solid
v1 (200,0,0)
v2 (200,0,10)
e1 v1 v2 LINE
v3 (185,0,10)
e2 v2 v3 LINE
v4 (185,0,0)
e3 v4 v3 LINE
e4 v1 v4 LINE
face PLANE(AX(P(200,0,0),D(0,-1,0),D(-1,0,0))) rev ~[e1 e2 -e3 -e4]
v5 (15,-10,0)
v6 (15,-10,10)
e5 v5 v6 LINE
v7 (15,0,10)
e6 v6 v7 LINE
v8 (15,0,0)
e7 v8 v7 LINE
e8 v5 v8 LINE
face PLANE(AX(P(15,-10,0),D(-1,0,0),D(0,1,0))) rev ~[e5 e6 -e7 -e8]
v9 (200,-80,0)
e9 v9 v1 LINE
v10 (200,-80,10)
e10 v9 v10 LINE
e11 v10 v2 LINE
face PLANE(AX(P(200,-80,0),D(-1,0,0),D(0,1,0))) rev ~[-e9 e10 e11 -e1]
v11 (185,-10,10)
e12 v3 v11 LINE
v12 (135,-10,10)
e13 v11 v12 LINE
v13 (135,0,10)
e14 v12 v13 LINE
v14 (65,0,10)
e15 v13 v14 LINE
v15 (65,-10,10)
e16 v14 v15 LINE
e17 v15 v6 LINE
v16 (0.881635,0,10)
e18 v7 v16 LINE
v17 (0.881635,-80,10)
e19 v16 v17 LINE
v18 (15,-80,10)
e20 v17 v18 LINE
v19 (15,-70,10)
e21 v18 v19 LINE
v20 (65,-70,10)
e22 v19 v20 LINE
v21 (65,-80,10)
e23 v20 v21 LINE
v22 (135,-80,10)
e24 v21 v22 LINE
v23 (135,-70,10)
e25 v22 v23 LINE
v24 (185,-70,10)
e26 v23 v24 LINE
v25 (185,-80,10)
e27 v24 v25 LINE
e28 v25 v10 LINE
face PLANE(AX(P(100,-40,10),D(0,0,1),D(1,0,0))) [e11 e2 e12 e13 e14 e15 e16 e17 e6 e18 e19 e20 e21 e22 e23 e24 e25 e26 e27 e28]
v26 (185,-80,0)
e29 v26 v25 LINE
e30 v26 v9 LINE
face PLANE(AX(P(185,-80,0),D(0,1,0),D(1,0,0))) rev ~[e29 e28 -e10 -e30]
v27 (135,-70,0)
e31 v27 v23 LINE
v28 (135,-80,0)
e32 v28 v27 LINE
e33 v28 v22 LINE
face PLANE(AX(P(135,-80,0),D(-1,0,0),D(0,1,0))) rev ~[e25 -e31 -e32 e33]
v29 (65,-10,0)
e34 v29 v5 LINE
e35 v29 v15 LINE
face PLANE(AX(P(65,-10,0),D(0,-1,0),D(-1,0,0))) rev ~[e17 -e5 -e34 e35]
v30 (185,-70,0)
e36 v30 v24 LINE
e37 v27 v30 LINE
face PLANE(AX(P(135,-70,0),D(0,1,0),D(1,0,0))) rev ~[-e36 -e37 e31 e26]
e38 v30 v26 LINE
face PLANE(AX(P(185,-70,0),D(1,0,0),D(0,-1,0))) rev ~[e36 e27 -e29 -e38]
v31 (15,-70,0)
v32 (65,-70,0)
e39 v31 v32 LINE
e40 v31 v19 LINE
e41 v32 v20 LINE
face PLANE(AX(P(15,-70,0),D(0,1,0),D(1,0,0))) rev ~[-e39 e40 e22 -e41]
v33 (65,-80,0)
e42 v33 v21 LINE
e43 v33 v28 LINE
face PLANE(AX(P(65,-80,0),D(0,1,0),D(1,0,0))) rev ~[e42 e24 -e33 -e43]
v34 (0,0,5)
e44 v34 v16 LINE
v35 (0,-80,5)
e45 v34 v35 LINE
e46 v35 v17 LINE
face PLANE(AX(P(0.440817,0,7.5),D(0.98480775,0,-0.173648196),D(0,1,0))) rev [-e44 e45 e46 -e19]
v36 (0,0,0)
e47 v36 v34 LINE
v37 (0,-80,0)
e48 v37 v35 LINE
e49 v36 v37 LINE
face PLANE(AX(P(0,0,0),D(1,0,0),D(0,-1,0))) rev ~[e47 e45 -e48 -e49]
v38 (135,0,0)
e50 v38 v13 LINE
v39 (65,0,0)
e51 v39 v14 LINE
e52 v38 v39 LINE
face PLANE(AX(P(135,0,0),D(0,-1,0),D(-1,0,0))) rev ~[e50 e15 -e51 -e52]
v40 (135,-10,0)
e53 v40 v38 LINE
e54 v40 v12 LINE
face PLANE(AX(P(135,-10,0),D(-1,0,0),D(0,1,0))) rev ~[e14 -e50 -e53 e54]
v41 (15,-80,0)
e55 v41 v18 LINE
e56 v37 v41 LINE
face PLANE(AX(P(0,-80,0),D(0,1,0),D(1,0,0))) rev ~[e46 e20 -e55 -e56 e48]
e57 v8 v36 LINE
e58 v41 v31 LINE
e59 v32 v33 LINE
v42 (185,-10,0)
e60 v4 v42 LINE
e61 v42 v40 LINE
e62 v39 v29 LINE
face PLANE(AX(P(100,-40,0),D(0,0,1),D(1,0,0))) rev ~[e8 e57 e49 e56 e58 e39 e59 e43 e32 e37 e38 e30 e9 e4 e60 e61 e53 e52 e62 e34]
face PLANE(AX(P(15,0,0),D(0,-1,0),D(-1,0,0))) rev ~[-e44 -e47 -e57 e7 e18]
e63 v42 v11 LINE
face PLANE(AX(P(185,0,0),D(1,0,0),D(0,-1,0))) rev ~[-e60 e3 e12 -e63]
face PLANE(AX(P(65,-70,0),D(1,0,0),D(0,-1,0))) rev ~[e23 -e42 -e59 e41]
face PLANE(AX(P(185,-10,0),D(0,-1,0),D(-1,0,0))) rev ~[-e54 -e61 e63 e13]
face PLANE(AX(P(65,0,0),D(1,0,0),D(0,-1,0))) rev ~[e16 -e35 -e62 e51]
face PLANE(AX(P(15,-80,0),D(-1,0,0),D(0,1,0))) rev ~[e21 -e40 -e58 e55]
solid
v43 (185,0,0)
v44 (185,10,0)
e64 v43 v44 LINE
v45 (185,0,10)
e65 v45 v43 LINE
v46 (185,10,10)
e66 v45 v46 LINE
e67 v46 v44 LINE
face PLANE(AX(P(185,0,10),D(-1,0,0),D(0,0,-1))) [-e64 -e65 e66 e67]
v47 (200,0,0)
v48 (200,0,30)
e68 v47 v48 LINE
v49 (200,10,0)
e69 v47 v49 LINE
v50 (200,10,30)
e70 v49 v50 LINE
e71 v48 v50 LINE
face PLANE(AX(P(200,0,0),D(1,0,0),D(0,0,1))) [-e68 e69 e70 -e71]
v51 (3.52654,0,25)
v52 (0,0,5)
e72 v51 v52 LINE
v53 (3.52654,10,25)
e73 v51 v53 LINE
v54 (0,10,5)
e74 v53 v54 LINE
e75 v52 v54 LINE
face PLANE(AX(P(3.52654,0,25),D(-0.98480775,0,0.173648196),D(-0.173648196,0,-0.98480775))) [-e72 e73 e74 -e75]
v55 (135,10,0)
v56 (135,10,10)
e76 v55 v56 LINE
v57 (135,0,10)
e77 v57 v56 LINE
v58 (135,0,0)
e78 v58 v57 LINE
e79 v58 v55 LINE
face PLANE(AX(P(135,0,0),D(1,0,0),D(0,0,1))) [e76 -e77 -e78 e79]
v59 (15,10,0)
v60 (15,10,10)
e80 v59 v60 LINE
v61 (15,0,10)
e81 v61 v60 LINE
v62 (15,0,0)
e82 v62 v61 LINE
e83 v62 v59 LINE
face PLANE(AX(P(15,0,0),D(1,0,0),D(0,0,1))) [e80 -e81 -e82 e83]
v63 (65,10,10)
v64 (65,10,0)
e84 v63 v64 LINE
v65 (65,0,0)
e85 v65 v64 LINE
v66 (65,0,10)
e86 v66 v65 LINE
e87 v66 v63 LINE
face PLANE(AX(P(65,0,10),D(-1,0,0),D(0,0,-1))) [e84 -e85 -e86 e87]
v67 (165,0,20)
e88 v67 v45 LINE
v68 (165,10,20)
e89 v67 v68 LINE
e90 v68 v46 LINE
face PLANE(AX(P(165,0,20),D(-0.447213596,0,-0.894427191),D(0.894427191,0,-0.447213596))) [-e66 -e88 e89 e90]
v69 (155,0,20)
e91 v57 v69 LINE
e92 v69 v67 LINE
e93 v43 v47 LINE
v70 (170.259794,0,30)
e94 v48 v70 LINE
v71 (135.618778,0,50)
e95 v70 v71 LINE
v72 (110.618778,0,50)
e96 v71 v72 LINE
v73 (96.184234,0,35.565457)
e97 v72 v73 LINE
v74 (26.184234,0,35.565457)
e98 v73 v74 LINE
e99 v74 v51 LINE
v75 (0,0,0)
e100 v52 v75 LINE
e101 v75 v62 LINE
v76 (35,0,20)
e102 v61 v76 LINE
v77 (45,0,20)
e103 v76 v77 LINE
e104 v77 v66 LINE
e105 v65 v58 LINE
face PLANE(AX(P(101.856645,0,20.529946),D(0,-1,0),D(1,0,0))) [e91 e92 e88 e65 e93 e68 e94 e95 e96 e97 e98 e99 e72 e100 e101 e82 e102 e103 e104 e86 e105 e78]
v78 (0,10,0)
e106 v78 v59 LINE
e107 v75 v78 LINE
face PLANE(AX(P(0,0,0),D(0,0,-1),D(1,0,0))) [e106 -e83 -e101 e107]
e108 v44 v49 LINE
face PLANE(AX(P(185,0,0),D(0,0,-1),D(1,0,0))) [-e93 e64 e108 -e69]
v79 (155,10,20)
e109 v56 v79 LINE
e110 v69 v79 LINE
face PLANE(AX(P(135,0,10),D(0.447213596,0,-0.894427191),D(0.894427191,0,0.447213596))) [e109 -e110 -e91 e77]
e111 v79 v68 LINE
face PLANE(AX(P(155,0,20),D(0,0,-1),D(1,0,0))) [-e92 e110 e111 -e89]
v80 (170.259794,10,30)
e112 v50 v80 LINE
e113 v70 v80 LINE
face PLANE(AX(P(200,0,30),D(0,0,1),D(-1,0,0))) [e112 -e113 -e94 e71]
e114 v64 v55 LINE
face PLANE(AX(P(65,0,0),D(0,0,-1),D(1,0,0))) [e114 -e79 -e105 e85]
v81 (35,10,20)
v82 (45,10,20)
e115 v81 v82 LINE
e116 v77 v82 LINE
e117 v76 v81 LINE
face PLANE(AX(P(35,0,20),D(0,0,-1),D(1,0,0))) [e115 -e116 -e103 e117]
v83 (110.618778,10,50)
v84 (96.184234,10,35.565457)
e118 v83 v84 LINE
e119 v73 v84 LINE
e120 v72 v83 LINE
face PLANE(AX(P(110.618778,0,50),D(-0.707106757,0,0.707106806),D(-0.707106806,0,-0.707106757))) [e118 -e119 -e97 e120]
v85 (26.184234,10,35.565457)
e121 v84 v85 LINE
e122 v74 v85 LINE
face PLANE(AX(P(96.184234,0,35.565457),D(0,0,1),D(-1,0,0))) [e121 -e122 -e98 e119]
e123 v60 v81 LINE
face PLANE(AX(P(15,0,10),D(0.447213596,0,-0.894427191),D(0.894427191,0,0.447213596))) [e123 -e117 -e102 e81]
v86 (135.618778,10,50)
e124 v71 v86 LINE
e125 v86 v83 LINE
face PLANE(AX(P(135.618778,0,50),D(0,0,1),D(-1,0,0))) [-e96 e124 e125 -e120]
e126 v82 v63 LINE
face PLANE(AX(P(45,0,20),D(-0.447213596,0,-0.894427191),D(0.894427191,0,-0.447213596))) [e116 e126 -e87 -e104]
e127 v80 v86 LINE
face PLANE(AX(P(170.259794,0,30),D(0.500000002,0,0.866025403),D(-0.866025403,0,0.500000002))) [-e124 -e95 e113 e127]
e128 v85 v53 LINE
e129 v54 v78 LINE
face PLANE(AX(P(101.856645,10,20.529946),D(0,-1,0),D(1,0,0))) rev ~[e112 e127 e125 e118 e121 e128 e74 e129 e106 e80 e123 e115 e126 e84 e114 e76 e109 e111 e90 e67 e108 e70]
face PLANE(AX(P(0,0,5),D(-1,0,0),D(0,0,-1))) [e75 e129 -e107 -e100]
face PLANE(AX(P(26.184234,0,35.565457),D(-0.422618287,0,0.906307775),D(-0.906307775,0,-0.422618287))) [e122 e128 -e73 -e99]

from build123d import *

# Parameters (mm, degrees)
F2_DEPTH = 10
F3_DEPTH = 10
F4_SIZE2 = 0.881635
F4_SIZE  = 5


with BuildPart() as f2:
    # F1 (on Top) → F2 (new body)
    with BuildSketch(Plane.XY):
        Polygon((15, 0), (0, 0), (0, -80), (15, -80), (15, -70), (65, -70), (65, -80), (135, -80), (135, -70), (185, -70), (185, -80), (200, -80), (200, 0), (185, 0), (185, -10), (135, -10), (135, 0), (65, 0), (65, -10), (15, -10), align=None)
    extrude(amount=F2_DEPTH)

    # F4
    f4_edges = [f2.edges().sort_by_distance(p)[0] for p in [
        (0, -40, 10),
    ]]
    chamfer(f4_edges, length=F4_SIZE, length2=F4_SIZE2)


with BuildPart() as f3:
    # F0 (on Front) → F3 (new body)
    with BuildSketch(Plane.XZ):
        Polygon((0, 5), (0, 0), (15, 0), (15, 10), (35, 20), (45, 20), (65, 10), (65, 0), (135, 0), (135, 10), (155, 20), (165, 20), (185, 10), (185, 0), (200, 0), (200, 30), (170.259794, 30), (135.618778, 50), (110.618778, 50), (96.184234, 35.565457), (26.184234, 35.565457), (3.52654, 25), align=None)
    extrude(amount=-F3_DEPTH)


solid = Compound([f2.part, f3.part])
